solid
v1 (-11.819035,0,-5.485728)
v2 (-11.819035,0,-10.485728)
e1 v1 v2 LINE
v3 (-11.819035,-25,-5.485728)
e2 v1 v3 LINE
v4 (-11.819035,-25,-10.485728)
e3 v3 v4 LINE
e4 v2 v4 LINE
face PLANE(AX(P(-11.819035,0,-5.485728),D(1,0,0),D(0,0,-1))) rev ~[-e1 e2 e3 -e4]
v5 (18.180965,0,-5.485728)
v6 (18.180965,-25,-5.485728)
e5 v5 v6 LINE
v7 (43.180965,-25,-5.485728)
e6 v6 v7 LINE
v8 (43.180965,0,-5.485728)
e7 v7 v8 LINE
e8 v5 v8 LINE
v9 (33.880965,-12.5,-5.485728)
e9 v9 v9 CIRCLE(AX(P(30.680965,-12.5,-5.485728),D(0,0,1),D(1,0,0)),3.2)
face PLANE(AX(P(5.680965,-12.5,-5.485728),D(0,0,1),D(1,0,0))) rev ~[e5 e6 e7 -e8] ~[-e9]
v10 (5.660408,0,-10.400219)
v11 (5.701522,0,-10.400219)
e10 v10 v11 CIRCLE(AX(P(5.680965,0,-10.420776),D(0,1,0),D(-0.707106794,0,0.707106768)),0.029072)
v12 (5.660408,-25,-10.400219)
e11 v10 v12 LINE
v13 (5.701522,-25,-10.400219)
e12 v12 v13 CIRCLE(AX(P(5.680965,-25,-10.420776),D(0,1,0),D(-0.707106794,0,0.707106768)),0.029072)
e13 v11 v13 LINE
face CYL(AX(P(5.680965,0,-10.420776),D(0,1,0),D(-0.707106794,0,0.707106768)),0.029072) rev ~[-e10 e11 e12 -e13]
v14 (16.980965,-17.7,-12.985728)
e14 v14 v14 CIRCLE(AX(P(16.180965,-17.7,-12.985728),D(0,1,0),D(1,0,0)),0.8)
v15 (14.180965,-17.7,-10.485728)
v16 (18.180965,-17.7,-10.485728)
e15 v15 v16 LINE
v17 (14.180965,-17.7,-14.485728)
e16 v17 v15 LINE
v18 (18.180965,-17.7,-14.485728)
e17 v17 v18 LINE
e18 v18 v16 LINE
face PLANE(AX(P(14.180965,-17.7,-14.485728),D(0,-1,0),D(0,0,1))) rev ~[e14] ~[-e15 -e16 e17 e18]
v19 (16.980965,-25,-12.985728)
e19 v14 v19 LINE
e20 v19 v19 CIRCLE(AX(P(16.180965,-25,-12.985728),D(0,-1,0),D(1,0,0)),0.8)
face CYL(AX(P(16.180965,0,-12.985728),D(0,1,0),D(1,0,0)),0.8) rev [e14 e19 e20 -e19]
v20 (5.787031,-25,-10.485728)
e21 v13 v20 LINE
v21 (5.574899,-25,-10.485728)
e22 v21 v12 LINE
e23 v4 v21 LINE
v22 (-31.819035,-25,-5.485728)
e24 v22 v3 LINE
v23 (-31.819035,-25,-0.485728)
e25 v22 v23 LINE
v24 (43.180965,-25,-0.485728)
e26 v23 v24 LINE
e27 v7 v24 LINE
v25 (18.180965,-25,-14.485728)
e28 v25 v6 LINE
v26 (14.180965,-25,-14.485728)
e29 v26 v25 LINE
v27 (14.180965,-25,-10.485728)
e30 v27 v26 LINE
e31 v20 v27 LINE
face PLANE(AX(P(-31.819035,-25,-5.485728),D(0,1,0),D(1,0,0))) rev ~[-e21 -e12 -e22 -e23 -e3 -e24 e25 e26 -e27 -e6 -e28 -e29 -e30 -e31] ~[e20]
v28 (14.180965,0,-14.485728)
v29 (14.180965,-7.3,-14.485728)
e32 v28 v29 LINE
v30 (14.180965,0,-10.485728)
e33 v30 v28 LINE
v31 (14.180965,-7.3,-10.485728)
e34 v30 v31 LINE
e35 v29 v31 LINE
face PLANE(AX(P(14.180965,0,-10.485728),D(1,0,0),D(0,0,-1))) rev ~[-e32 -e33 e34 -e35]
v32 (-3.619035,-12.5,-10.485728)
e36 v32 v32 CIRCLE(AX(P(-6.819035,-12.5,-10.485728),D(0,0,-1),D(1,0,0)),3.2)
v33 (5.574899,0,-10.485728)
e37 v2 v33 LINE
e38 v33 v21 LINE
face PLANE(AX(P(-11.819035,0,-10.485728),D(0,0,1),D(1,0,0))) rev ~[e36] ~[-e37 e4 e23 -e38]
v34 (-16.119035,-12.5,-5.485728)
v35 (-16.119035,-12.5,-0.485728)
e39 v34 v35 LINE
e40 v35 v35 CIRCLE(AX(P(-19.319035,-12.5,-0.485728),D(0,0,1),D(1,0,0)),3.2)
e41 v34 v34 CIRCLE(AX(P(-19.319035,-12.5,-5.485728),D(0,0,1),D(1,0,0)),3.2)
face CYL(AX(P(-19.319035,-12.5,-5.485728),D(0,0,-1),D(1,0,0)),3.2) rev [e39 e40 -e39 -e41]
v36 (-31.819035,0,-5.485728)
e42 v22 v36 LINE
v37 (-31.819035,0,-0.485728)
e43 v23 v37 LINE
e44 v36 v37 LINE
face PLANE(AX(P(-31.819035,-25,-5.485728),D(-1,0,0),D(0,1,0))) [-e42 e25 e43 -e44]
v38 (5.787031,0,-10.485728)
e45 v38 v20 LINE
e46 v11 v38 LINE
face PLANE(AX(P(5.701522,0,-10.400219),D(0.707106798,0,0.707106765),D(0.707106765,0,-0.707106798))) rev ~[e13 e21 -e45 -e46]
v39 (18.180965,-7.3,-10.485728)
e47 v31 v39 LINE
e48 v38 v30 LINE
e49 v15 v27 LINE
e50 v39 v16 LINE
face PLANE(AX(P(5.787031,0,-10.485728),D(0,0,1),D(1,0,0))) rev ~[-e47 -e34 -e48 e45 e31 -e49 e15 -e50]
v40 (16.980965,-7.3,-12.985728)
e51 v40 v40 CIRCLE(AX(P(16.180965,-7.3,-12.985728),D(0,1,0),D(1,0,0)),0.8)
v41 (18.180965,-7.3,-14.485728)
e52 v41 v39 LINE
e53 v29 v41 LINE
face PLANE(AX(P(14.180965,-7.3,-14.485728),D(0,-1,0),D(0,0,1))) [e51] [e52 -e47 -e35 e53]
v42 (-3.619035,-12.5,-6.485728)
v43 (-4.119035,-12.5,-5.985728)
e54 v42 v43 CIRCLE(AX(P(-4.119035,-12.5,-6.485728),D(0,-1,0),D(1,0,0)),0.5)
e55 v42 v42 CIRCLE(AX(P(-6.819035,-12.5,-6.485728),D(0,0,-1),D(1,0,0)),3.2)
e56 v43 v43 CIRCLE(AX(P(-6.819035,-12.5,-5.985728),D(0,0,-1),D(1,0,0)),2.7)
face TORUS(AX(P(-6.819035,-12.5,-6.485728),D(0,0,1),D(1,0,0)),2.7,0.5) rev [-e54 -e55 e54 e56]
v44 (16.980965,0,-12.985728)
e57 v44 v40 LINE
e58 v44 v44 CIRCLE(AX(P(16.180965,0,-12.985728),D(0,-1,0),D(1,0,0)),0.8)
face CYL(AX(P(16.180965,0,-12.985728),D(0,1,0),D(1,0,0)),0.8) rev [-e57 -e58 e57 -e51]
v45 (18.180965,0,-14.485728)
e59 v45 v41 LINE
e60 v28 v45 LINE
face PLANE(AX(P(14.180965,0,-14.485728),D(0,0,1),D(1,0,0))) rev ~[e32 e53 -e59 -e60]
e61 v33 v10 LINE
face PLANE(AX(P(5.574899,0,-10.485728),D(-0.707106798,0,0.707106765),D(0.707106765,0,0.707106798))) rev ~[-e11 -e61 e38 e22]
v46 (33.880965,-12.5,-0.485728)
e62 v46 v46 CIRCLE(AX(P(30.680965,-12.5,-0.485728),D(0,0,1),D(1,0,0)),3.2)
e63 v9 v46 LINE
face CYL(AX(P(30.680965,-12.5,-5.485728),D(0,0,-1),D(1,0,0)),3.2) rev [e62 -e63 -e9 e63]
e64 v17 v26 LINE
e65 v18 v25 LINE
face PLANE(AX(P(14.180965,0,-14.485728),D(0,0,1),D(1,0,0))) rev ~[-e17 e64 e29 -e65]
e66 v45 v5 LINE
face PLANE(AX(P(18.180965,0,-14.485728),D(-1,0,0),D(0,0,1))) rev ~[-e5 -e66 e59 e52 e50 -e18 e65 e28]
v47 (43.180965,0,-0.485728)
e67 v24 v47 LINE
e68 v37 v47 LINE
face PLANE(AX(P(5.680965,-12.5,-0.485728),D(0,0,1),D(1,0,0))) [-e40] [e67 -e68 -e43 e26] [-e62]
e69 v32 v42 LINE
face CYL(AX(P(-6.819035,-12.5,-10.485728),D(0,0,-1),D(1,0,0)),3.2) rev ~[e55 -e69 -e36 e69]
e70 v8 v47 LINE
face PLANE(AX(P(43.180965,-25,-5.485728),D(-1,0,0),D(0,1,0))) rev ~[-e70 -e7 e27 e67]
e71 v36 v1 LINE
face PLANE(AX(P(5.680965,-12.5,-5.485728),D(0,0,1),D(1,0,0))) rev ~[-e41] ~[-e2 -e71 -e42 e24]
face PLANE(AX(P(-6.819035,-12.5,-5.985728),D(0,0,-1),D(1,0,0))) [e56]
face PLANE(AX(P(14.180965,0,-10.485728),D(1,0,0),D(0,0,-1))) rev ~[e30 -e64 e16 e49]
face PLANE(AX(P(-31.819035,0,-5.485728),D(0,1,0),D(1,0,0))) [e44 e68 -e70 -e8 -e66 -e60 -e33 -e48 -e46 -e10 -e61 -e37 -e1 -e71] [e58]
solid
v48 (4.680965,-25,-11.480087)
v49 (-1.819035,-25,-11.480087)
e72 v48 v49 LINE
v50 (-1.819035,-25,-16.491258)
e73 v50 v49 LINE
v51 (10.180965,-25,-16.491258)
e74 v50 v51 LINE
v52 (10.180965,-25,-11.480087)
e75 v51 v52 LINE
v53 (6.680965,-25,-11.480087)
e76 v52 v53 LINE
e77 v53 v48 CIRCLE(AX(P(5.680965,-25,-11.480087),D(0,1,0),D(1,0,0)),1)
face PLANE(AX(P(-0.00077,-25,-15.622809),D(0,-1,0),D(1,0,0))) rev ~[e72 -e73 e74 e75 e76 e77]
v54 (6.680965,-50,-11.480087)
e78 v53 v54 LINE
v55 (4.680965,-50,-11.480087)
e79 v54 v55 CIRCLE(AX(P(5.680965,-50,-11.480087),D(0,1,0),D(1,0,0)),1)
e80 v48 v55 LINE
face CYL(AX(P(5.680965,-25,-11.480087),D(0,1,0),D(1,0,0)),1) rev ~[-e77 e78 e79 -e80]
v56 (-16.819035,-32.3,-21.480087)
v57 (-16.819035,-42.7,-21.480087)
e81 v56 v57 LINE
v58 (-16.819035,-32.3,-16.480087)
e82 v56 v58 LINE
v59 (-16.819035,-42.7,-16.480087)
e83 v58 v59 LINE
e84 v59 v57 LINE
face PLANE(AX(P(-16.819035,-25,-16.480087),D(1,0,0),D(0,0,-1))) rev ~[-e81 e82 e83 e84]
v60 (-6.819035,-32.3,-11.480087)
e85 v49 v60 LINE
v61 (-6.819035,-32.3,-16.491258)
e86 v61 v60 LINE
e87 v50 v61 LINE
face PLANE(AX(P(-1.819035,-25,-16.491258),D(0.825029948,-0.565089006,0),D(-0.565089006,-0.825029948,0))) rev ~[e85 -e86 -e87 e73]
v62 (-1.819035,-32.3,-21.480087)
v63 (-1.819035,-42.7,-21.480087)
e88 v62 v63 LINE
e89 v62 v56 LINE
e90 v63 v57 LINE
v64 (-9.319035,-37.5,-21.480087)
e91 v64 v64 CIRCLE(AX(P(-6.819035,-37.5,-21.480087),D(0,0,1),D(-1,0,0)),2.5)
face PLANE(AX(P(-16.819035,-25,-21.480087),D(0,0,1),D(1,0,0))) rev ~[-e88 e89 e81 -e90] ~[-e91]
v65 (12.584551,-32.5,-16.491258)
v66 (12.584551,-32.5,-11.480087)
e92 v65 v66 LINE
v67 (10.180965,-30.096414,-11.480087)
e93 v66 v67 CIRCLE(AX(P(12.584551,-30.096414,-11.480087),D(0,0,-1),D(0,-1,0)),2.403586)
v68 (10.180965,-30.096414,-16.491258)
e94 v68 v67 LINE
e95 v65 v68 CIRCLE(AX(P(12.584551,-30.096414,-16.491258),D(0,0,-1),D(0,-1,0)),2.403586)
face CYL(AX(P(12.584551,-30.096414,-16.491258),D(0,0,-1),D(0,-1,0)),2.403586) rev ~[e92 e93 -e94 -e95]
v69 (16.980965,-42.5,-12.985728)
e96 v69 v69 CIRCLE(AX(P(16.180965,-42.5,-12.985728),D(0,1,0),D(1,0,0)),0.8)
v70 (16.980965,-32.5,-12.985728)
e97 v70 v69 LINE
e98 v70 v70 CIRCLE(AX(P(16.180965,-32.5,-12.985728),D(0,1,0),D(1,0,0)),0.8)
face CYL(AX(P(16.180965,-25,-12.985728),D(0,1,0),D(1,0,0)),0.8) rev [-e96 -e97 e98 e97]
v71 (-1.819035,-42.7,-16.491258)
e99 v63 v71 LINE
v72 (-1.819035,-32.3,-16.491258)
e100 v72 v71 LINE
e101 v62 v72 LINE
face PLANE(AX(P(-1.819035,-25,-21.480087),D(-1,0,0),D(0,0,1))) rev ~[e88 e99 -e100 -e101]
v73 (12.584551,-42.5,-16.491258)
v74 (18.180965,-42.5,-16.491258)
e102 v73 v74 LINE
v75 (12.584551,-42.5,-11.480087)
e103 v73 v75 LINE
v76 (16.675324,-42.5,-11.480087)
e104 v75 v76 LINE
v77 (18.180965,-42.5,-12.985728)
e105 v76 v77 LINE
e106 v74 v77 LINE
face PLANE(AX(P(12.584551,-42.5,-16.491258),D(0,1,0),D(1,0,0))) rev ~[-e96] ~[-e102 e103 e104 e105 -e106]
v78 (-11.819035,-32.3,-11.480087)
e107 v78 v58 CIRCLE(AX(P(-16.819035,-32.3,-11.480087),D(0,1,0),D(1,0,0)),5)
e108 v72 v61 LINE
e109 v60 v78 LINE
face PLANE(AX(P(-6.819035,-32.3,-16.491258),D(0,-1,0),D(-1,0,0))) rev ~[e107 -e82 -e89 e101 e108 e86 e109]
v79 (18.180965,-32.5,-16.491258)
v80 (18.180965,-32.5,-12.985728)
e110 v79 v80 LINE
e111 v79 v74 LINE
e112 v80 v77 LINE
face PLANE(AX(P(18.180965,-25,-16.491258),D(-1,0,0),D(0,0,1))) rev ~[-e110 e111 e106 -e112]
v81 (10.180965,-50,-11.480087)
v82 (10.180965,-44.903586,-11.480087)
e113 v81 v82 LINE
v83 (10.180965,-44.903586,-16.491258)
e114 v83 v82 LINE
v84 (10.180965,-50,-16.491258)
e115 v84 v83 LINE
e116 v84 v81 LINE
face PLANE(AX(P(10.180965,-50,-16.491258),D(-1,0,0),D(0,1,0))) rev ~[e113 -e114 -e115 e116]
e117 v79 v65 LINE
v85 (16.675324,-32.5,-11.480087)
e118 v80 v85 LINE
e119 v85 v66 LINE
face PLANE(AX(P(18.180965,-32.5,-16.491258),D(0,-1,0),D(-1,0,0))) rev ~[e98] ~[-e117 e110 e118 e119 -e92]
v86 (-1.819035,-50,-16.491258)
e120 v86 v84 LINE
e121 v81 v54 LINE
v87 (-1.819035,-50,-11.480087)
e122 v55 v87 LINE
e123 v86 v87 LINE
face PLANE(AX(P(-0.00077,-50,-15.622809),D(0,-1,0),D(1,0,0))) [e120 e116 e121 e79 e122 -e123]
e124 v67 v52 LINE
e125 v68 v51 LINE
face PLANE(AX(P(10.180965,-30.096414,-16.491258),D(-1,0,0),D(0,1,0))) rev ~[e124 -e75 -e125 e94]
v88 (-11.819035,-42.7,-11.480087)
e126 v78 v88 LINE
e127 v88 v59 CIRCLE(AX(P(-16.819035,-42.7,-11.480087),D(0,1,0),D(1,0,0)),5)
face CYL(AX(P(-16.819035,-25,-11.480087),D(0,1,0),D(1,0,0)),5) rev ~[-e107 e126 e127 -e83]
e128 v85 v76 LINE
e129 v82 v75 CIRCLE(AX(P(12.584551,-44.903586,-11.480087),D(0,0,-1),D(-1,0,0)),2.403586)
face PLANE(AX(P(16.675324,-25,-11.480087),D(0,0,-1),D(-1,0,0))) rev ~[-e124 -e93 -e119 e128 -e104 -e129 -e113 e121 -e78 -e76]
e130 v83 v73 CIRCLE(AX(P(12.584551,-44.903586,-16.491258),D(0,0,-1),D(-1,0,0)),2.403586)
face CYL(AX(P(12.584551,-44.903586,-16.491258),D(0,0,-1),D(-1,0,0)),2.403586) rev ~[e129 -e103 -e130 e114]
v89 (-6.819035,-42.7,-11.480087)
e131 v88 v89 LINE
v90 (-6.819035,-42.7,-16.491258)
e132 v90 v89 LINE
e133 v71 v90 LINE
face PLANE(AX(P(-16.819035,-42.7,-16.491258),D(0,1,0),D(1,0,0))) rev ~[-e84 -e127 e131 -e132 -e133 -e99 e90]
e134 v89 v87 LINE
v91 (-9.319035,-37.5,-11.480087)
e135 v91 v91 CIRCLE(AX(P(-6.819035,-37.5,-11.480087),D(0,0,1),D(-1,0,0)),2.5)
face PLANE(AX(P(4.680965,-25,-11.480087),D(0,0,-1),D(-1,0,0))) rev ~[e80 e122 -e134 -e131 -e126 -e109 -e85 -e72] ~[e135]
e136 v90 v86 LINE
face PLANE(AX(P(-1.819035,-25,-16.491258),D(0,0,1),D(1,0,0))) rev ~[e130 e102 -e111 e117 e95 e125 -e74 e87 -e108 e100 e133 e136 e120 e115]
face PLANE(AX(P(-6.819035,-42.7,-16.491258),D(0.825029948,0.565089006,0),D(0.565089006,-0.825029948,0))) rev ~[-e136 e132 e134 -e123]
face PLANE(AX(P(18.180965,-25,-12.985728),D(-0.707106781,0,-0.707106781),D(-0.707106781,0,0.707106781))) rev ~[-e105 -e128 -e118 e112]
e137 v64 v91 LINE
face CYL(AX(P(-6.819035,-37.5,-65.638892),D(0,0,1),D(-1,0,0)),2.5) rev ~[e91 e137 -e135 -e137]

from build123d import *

# Parameters (mm, degrees)
F0_R      = 0.8
F1_DEPTH  = 25
F2_R      = 3.2
F3_DEPTH  = 4.5
F4_W      = 75
F4_H      = 25
F4_R      = 3.2
F5_DEPTH  = 5
F6_W      = 10.4
F6_H      = 4
F7_DEPTH  = 25
F8_R      = 0.8
F9_DEPTH  = 25
F11_DEPTH = 5.0111704883
F13_D     = 5
F14_W     = 7.3
F14_H     = 4.9888295117
F15_DEPTH = 25
F17_DEPTH = 5.0111704883
F18_R     = 0.5


with BuildPart() as f1:
    # F0 (on Front) → F1 (new body)
    with BuildSketch(Plane.XZ):
        with BuildLine():
            Line((5.7870310192, -10.4857282235), (14.1809650045, -10.4857282235))
            Line((14.1809650045, -10.4857282235), (14.1809650045, -14.4857282235))
            Line((14.1809650045, -14.4857282235), (18.1809650045, -14.4857282235))
            Line((18.1809650045, -14.4857282235), (18.1809650045, -5.4857282235))
            Line((18.1809650045, -5.4857282235), (-11.8190349955, -5.4857282235))
            Line((-11.8190349955, -5.4857282235), (-11.8190349955, -10.4857282235))
            Line((-11.8190349955, -10.4857282235), (5.5748989899, -10.4857282235))
            Line((5.5748989899, -10.4857282235), (5.6604079271, -10.4002192823))
            ThreePointArc((5.6604079271, -10.4002192823), (5.6809650045, -10.3917042618), (5.701522082, -10.4002192823))
            Line((5.701522082, -10.4002192823), (5.7870310192, -10.4857282235))
        make_face()
        with Locations((16.1809650045, -12.9857282235)):
            Circle(F0_R, mode=Mode.SUBTRACT)
    extrude(amount=F1_DEPTH)

    # F2 (on face) → F3 (cut)
    with BuildSketch(Plane(origin=(0, 0, -10.4857282235), x_dir=(1, 0, 0), z_dir=(0, 0, -1))):
        with Locations((-6.8190349955, 12.5)):
            Circle(F2_R)
    extrude(amount=-F3_DEPTH, mode=Mode.SUBTRACT)

    # F4 (on face) → F5 (join)
    with BuildSketch(Plane.XY.offset(-5.4857282235)):
        with Locations((5.6809650045, -12.5)):
            Rectangle(F4_W, F4_H)
        with Locations((-19.3190349955, -12.5)):
            Circle(F4_R, mode=Mode.SUBTRACT)
        with Locations((30.6809650045, -12.5)):
            Circle(F4_R, mode=Mode.SUBTRACT)
    extrude(amount=F5_DEPTH)

    # F6 (on face) → F7 (cut)
    with BuildSketch(Plane(origin=(14.1809650045, 0, 0), x_dir=(0, -1, 0), z_dir=(-1, 0, 0))):
        with Locations((12.5, -12.4857282235)):
            Rectangle(F6_W, F6_H)
    extrude(amount=-F7_DEPTH, mode=Mode.SUBTRACT)

    # F18
    f18_edges = [f1.edges().sort_by_distance(p)[0] for p in [
        (-10.019035, -12.5, -5.985728),
    ]]
    fillet(f18_edges, radius=F18_R)


with BuildPart() as f9:
    # F8 (on face) → F9 (new body)
    with BuildSketch(Plane.XZ.offset(25)):
        with BuildLine():
            ThreePointArc((6.6809650045, -11.4800873139), (5.6809650045, -12.4800873139), (4.6809650045, -11.4800873139))
            Line((4.6809650045, -11.4800873139), (-11.8190349955, -11.4800873139))
            ThreePointArc((-11.8190349955, -11.4800873139), (-13.2835010895, -15.0156212198), (-16.8190349955, -16.4800873139))
            Line((-16.8190349955, -16.4800873139), (-16.8190349955, -21.4800873139))
            Line((-16.8190349955, -21.4800873139), (-1.8190349955, -21.4800873139))
            Line((-1.8190349955, -21.4800873139), (-1.8190349955, -16.4912578022))
            Line((-1.8190349955, -16.4912578022), (18.1809650045, -16.4912578022))
            Line((18.1809650045, -16.4912578022), (18.1809650045, -12.9857282235))
            Line((18.1809650045, -12.9857282235), (16.6753240949, -11.4800873139))
            Line((16.6753240949, -11.4800873139), (6.6809650045, -11.4800873139))
        make_face()
        with Locations((16.1809650045, -12.9857282235)):
            Circle(F8_R, mode=Mode.SUBTRACT)
    extrude(amount=F9_DEPTH)

    # F10 (on face) → F11 (cut, through all)
    with BuildSketch(Plane(origin=(0, 0, -16.4912578022), x_dir=(1, 0, 0), z_dir=(0, 0, -1))):
        with BuildLine():
            Line((12.5845505148, 42.5), (18.1809650045, 42.5))
            Line((18.1809650045, 42.5), (18.1809650045, 50))
            Line((18.1809650045, 50), (10.1809650045, 50))
            Line((10.1809650045, 50), (10.1809650045, 44.9035855103))
            ThreePointArc((10.1809650045, 44.9035855103), (10.8849589013, 43.2039938968), (12.5845505148, 42.5))
        make_face()
        with BuildLine():
            Line((18.1809650045, 25), (18.1809650045, 32.5))
            Line((18.1809650045, 32.5), (12.5845505148, 32.5))
            ThreePointArc((12.5845505148, 32.5), (10.8849589013, 31.7960061032), (10.1809650045, 30.0964144897))
            Line((10.1809650045, 30.0964144897), (10.1809650045, 25))
            Line((10.1809650045, 25), (18.1809650045, 25))
        make_face()
    extrude(amount=-F11_DEPTH, mode=Mode.SUBTRACT)

    # F13 (through all)
    with Locations(Plane(origin=(0, 0, -21.4800873139), x_dir=(1, 0, 0), z_dir=(0, 0, -1))):
        with Locations((-6.8190349955, 37.5)):
            Hole(F13_D / 2)

    # F14 (on face) → F15 (cut)
    with BuildSketch(Plane.YZ.offset(-1.8190349955)):
        with Locations((-28.65, -18.985672558)):
            Rectangle(F14_W, F14_H)
        with Locations((-46.35, -18.985672558)):
            Rectangle(F14_W, F14_H)
    extrude(amount=-F15_DEPTH, mode=Mode.SUBTRACT)

    # F16 (on face) → F17 (cut, through all)
    with BuildSketch(Plane(origin=(0, 0, -16.4912578022), x_dir=(1, 0, 0), z_dir=(0, 0, -1))):
        Polygon((-16.8190349955, 50), (-16.8190349955, 42.7), (-6.8190349955, 42.7), (-1.8190349955, 50), align=None)
        Polygon((-6.8190349955, 32.3), (-16.8190349955, 32.3), (-16.8190349955, 25), (-1.8190349955, 25), align=None)
    extrude(amount=-F17_DEPTH, mode=Mode.SUBTRACT)


solid = Compound([f1.part, f9.part])
